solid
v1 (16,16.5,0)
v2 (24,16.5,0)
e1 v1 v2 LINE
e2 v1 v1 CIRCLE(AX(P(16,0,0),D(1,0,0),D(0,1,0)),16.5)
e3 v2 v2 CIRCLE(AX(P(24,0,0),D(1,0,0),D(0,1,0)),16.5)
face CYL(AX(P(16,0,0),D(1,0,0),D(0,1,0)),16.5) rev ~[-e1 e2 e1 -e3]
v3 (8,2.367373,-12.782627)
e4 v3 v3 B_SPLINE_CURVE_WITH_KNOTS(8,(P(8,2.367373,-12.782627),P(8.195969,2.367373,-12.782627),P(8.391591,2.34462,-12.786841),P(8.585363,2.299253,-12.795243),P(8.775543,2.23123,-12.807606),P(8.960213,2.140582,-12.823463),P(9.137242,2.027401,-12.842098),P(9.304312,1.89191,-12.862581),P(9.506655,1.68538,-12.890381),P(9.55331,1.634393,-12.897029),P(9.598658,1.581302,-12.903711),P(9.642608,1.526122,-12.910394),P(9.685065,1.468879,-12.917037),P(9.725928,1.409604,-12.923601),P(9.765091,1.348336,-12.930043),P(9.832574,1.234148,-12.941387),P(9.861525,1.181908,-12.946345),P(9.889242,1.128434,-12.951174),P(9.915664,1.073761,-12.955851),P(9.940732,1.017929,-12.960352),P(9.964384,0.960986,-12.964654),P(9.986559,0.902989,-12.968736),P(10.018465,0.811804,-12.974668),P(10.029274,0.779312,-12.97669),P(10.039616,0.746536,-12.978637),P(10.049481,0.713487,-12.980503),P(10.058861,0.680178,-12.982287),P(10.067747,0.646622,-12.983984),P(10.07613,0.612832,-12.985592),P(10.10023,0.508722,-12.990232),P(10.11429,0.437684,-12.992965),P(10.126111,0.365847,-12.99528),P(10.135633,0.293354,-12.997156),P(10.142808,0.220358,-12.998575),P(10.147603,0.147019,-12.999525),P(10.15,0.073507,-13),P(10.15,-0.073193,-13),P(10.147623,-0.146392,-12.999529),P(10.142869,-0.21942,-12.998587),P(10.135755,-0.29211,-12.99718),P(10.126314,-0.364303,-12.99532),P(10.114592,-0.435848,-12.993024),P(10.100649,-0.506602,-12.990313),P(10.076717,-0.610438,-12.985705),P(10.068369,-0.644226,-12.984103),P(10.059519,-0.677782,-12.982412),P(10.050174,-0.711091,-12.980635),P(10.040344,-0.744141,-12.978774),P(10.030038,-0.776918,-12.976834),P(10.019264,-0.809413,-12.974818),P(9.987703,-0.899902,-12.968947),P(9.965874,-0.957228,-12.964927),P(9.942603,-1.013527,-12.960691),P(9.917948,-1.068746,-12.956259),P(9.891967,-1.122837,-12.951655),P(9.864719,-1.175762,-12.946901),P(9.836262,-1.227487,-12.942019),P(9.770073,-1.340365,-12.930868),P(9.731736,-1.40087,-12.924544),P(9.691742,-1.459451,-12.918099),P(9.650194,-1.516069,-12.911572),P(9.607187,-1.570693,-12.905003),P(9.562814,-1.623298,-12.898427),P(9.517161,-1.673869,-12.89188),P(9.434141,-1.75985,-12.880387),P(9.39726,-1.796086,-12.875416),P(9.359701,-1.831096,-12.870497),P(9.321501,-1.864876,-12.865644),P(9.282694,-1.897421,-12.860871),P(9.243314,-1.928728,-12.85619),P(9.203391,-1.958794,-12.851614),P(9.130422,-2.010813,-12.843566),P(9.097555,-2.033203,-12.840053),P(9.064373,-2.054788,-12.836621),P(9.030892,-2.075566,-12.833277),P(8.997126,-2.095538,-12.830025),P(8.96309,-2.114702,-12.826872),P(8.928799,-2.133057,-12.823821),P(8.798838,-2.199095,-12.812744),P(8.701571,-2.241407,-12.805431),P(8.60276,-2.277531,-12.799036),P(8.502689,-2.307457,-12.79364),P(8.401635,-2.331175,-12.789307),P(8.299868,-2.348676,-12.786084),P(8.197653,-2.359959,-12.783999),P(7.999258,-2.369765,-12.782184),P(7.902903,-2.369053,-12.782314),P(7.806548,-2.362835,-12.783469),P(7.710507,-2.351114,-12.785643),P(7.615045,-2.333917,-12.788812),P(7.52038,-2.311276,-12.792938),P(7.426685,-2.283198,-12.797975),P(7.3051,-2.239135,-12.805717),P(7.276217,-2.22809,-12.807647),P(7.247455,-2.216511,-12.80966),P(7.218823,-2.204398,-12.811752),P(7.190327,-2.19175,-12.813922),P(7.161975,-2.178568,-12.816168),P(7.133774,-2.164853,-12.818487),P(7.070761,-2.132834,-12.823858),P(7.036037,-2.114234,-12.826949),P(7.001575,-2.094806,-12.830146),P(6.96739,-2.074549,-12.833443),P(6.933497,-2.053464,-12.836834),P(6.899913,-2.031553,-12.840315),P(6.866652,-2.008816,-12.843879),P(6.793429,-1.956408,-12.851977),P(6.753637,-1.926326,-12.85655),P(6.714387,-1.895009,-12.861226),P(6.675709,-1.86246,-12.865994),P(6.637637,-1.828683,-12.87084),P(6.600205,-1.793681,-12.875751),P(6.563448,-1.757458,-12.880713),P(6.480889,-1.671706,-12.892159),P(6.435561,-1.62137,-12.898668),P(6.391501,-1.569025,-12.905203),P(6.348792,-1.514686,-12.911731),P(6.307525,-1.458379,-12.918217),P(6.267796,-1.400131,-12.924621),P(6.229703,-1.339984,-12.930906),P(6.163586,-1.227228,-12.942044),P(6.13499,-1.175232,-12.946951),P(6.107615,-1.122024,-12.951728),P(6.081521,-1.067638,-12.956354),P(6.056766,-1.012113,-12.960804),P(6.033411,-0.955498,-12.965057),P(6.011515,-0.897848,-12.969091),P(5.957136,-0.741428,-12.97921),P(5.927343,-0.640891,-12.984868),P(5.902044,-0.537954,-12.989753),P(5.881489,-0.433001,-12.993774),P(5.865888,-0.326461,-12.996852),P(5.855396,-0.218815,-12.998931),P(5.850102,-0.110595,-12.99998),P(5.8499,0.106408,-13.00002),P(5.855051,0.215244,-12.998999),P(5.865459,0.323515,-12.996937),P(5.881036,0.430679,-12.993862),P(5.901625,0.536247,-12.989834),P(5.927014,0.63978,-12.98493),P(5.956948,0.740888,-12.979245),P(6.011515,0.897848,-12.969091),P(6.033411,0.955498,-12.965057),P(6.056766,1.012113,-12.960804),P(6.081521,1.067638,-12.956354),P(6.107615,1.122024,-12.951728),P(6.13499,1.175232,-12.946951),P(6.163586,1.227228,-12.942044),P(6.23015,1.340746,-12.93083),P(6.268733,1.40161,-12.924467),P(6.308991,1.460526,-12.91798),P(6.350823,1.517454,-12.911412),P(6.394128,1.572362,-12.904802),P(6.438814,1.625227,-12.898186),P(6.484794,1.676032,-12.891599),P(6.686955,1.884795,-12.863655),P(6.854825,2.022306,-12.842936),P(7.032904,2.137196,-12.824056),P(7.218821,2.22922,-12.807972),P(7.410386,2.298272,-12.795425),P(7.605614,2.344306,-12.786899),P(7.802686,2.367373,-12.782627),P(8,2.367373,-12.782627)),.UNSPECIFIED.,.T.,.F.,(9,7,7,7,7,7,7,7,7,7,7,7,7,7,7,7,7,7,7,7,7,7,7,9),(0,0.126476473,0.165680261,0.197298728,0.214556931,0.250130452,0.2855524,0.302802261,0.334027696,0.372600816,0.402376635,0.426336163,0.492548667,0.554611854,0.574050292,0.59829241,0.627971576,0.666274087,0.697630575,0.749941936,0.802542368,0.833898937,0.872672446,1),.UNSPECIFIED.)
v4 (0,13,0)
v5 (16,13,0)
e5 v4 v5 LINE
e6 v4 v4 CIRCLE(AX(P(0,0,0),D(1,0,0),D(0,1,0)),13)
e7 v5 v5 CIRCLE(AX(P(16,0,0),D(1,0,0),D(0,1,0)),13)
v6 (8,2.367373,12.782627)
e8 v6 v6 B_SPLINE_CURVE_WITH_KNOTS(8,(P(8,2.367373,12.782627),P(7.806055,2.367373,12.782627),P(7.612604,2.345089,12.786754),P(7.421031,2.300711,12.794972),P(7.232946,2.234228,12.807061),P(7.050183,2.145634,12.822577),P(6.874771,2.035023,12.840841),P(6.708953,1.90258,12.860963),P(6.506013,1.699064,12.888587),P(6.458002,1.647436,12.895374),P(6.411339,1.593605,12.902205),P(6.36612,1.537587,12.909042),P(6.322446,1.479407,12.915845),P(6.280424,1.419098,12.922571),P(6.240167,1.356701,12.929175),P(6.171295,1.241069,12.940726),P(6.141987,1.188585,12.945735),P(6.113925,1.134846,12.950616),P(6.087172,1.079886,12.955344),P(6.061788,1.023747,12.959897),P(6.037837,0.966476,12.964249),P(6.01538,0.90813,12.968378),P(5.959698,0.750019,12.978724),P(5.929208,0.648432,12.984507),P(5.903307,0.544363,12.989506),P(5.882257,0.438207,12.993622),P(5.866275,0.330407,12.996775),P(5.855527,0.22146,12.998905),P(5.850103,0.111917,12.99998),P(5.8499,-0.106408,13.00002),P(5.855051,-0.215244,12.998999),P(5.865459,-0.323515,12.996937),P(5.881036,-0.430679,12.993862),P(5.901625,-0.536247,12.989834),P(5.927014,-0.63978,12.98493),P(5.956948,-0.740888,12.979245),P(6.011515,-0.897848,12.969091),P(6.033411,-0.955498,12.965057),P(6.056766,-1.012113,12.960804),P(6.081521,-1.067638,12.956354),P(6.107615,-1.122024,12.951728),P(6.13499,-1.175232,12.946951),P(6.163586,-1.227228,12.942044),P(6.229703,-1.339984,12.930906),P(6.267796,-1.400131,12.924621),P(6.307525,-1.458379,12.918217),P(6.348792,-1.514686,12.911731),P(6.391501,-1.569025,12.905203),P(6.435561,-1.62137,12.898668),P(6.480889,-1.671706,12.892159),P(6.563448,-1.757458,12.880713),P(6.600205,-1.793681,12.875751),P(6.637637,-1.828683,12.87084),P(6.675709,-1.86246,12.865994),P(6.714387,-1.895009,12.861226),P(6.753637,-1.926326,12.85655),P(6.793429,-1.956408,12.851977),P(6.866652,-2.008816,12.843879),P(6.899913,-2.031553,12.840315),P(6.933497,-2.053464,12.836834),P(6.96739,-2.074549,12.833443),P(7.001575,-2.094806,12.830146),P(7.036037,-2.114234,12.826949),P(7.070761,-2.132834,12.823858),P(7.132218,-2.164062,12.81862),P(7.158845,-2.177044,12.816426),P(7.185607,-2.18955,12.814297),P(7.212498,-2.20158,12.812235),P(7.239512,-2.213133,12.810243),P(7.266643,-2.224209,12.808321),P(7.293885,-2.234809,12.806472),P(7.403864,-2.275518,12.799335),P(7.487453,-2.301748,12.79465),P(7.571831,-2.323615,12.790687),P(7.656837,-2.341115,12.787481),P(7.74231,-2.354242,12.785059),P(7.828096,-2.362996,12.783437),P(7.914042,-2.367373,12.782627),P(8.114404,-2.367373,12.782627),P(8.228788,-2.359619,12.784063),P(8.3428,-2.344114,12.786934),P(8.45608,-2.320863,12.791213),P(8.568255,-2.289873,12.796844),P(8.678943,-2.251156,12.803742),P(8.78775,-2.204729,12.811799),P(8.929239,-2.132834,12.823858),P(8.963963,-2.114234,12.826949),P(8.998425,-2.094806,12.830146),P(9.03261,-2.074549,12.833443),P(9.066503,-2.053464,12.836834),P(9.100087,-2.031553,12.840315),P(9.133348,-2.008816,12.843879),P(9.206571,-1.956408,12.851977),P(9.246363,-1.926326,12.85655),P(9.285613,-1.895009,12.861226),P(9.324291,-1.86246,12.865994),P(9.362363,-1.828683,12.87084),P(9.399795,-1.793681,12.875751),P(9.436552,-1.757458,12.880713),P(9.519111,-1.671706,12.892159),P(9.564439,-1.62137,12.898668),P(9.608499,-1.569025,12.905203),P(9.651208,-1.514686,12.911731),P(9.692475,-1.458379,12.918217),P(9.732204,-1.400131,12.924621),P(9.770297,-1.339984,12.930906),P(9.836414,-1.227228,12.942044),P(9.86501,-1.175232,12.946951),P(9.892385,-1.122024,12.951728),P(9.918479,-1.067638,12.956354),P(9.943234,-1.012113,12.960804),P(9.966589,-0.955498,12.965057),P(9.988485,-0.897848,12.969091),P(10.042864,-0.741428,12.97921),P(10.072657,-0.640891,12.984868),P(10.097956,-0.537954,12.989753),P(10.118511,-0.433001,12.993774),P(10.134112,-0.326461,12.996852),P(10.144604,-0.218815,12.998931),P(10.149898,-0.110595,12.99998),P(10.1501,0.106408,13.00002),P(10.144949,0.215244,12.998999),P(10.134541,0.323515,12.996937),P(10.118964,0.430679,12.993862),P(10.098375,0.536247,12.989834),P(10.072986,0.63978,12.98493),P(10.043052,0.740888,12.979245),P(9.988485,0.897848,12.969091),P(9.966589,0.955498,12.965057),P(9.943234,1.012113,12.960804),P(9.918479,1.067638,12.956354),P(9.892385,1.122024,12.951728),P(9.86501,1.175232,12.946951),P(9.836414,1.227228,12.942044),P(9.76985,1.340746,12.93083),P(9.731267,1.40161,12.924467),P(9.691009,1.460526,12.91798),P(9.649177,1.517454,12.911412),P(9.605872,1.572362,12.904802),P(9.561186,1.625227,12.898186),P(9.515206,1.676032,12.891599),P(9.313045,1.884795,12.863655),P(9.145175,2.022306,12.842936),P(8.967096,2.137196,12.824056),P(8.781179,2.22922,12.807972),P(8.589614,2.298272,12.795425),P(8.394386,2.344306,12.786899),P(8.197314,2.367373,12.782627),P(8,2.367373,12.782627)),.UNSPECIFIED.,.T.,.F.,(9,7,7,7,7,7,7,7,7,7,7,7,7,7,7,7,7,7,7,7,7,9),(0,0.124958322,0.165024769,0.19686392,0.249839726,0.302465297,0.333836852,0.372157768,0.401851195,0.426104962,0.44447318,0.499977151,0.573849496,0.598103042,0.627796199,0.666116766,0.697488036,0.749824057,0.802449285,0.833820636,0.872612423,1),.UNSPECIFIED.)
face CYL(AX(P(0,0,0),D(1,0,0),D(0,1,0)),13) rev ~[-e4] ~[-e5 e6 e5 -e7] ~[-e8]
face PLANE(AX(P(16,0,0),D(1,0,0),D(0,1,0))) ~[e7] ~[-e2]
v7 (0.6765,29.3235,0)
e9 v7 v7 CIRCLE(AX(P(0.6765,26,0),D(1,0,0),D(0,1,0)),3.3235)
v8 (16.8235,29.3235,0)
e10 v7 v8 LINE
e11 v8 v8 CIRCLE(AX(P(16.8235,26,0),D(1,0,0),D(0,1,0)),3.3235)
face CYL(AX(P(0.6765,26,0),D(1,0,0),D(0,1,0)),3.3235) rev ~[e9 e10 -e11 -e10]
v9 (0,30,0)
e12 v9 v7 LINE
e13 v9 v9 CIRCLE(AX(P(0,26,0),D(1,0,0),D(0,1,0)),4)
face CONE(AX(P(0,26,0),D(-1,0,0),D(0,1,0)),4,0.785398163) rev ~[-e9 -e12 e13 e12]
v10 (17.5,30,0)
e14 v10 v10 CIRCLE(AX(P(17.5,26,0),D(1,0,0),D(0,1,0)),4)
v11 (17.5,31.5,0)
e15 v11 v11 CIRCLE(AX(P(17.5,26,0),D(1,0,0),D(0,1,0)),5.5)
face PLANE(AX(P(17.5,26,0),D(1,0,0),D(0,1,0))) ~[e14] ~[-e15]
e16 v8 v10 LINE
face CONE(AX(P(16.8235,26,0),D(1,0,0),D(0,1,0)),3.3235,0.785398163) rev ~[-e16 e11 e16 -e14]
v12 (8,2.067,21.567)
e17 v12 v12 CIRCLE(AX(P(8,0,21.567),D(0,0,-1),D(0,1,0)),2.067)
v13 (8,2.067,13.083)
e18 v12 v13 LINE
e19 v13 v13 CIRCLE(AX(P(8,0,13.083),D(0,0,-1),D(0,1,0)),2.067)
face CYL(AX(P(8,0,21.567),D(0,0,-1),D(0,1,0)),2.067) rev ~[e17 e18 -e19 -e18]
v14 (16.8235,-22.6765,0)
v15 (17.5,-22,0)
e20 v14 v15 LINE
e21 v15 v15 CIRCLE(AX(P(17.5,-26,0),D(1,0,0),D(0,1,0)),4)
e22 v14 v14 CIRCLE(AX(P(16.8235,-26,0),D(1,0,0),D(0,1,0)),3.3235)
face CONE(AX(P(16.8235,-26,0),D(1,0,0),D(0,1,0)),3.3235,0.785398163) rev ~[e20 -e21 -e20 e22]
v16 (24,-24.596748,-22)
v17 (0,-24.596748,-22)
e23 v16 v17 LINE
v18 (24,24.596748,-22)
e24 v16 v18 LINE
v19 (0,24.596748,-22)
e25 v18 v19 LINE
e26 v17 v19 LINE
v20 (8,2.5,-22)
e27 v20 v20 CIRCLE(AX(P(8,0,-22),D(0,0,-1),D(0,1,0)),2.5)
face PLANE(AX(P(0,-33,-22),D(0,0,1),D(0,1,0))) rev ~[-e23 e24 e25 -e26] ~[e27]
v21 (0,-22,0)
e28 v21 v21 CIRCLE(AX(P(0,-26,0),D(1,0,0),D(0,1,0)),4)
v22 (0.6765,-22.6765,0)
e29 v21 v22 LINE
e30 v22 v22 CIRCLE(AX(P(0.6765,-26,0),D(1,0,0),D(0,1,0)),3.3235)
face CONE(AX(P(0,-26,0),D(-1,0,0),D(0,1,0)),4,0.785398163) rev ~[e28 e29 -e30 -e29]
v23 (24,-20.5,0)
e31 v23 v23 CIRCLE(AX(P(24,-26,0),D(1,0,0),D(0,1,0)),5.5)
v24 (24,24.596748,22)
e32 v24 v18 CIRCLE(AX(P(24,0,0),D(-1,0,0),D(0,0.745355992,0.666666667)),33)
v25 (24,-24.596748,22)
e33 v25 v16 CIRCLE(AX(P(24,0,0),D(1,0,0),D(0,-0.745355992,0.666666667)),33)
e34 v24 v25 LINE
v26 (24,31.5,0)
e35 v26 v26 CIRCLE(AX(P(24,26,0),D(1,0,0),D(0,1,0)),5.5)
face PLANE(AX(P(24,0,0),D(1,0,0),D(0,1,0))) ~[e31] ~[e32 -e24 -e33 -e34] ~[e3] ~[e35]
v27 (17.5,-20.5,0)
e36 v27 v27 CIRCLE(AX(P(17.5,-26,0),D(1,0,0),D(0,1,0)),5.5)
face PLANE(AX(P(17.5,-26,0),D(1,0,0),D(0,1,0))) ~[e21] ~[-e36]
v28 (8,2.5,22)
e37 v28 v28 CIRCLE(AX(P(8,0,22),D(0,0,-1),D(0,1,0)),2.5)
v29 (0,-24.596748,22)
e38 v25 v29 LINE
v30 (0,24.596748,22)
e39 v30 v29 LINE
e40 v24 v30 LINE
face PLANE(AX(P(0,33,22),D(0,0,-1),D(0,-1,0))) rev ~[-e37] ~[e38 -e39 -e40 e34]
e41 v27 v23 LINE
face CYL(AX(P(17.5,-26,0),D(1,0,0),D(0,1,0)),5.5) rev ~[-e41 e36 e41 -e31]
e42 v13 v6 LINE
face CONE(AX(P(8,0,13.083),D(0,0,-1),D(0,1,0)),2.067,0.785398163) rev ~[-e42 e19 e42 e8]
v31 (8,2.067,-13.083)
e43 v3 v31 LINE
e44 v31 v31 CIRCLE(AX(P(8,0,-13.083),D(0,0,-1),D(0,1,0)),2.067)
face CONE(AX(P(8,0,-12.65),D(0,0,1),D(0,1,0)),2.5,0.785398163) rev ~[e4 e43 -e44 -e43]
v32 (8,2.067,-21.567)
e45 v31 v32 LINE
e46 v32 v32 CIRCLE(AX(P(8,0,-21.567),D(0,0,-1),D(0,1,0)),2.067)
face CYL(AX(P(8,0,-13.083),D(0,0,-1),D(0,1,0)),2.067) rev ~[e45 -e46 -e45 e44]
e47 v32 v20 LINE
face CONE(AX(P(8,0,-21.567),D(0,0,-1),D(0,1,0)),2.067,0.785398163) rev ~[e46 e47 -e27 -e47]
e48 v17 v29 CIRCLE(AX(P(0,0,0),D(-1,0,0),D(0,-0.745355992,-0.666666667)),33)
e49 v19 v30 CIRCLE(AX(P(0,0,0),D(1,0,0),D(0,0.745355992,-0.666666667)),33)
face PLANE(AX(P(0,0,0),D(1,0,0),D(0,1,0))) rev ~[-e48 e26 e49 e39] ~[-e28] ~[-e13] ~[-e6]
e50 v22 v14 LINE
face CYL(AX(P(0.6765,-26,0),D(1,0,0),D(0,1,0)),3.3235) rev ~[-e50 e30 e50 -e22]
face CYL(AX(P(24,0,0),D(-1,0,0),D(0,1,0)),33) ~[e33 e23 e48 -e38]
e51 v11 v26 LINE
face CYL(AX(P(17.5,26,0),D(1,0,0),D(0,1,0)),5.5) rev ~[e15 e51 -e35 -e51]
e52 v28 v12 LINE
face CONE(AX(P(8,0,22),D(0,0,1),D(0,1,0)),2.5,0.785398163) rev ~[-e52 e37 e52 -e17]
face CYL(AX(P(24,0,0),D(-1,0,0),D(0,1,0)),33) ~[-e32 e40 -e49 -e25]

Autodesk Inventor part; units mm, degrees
sketch "Sketch_1" plane through (0, 0, 0) normal (0, 0, 1) x (1, 0, 0)
  line L0 (24, 0) -> (0, 0)
  line L1 (0, 33) -> (0, 13)
  line L2 (0, 13) -> (16, 13)
  line L3 (16, 13) -> (16, 16.5)
  line L4 (16, 16.5) -> (24, 16.5)
  line L5 (24, 16.5) -> (24, 33)
  line L6 (24, 33) -> (0, 33)
revolve "Revolution1" add sketch "Sketch_1" angle 360 about axis through (24, 0, 0) along (1, 0, 0)
sketch "Sketch_2" plane through (0, 0, 0) normal (1, 0, 0) x (0, 1, 0)
  line L0 (-132, 88) -> (-132, -88)
  line L1 (-132, -88) -> (132, -88)
  line L2 (132, -88) -> (132, 88)
  line L3 (132, 88) -> (-132, 88)
  line L4 (-33, 22) -> (-33, -22)
  line L5 (-33, -22) -> (33, -22)
  line L6 (33, -22) -> (33, 22)
  line L7 (33, 22) -> (-33, 22)
extrude "Extrusion1" cut sketch "Sketch_2" along normal blind 26
sketch "Sketch_3" plane through (0, 0, 0) normal (0, 0, 1) x (1, 0, 0)
  line L0 (24, 26) -> (0, 26)
  line L1 (0, 26) -> (0, 30)
  line L2 (0, 30) -> (0.6765, 29.3235)
  line L3 (0.6765, 29.3235) -> (16.8235, 29.3235)
  line L4 (16.8235, 29.3235) -> (17.5, 30)
  line L5 (17.5, 30) -> (17.5, 31.5)
  line L6 (17.5, 31.5) -> (24, 31.5)
  line L7 (24, 31.5) -> (24, 26)
  line L8 (24, 26) -> (0, 26)
revolve "Revolution2" cut sketch "Sketch_3" angle 360 about axis through (24, 26, 0) along (1, 0, 0)
thread "Thread1" size "M8x1.25" class "6H" standard "ISO Metric profile" full length
pattern_linear "Rectangular Pattern1" count 2 spacing 52 along (0, -1, 0) of "Revolution2"
sketch "Sketch_4" plane through (8, 0, 0) normal (1, 0, 0) x (0, 0, -1)
  line L0 (-12.65, 0) -> (-22, 0)
  line L1 (-22, 0) -> (-22, 2.5)
  line L2 (-22, 2.5) -> (-21.567, 2.067)
  line L3 (-21.567, 2.067) -> (-13.083, 2.067)
  line L4 (-13.083, 2.067) -> (-12.65, 2.5)
  line L5 (-12.65, 2.5) -> (-12.65, 0)
  line L6 (-12.65, 0) -> (-22, 0)
revolve "Revolution3" cut sketch "Sketch_4" angle 360 about axis through (8, 0, 12.65) along (0, 0, -1)
thread "Thread2" size "M5x0.8" class "6H" standard "ISO Metric profile" full length
sketch "Sketch_6" plane through (8, 0, 0) normal (1, 0, 0) x (0, 0, -1)
  line L0 (22, 0) -> (12.65, 0)
  line L1 (12.65, 0) -> (12.65, 2.5)
  line L2 (12.65, 2.5) -> (13.083, 2.067)
  line L3 (13.083, 2.067) -> (21.567, 2.067)
  line L4 (21.567, 2.067) -> (22, 2.5)
  line L5 (22, 2.5) -> (22, 0)
  line L6 (22, 0) -> (12.65, 0)
revolve "Revolution4" cut sketch "Sketch_6" angle 360 about axis through (8, 0, -22) along (0, 0, -1)
thread "Thread3" size "M5x0.8" class "6H" standard "ISO Metric profile" full length
ref_plane "to_bearings_XY" through (16, 0, 0) normal (1, 0, 0) x (0, 0, -1)
ref_plane "to_bearings_YZ" through (16, 0, 0) normal (0, 0, -1) x (0, 1, 0)
ref_plane "to_bearings_ZX" through (16, 0, 0) normal (0, 1, 0) x (1, 0, 0)
ref_plane "to_screw1_XY" through (8, 0, 13) normal (0, 0, 1) x (1, 0, 0)
ref_plane "to_screw1_YZ" through (8, 0, 13) normal (1, 0, 0) x (0, 1, 0)
ref_plane "to_screw1_ZX" through (8, 0, 13) normal (0, 1, 0) x (0, 0, 1)
ref_plane "to_screw2_XY" through (8, 0, -13) normal (0, 0, -1) x (1, 0, 0)
ref_plane "to_screw2_YZ" through (8, 0, -13) normal (1, 0, 0) x (0, -1, 0)
ref_plane "to_screw2_ZX" through (8, 0, -13) normal (0, -1, 0) x (0, 0, -1)
properties part number "BGCSB14_h"
